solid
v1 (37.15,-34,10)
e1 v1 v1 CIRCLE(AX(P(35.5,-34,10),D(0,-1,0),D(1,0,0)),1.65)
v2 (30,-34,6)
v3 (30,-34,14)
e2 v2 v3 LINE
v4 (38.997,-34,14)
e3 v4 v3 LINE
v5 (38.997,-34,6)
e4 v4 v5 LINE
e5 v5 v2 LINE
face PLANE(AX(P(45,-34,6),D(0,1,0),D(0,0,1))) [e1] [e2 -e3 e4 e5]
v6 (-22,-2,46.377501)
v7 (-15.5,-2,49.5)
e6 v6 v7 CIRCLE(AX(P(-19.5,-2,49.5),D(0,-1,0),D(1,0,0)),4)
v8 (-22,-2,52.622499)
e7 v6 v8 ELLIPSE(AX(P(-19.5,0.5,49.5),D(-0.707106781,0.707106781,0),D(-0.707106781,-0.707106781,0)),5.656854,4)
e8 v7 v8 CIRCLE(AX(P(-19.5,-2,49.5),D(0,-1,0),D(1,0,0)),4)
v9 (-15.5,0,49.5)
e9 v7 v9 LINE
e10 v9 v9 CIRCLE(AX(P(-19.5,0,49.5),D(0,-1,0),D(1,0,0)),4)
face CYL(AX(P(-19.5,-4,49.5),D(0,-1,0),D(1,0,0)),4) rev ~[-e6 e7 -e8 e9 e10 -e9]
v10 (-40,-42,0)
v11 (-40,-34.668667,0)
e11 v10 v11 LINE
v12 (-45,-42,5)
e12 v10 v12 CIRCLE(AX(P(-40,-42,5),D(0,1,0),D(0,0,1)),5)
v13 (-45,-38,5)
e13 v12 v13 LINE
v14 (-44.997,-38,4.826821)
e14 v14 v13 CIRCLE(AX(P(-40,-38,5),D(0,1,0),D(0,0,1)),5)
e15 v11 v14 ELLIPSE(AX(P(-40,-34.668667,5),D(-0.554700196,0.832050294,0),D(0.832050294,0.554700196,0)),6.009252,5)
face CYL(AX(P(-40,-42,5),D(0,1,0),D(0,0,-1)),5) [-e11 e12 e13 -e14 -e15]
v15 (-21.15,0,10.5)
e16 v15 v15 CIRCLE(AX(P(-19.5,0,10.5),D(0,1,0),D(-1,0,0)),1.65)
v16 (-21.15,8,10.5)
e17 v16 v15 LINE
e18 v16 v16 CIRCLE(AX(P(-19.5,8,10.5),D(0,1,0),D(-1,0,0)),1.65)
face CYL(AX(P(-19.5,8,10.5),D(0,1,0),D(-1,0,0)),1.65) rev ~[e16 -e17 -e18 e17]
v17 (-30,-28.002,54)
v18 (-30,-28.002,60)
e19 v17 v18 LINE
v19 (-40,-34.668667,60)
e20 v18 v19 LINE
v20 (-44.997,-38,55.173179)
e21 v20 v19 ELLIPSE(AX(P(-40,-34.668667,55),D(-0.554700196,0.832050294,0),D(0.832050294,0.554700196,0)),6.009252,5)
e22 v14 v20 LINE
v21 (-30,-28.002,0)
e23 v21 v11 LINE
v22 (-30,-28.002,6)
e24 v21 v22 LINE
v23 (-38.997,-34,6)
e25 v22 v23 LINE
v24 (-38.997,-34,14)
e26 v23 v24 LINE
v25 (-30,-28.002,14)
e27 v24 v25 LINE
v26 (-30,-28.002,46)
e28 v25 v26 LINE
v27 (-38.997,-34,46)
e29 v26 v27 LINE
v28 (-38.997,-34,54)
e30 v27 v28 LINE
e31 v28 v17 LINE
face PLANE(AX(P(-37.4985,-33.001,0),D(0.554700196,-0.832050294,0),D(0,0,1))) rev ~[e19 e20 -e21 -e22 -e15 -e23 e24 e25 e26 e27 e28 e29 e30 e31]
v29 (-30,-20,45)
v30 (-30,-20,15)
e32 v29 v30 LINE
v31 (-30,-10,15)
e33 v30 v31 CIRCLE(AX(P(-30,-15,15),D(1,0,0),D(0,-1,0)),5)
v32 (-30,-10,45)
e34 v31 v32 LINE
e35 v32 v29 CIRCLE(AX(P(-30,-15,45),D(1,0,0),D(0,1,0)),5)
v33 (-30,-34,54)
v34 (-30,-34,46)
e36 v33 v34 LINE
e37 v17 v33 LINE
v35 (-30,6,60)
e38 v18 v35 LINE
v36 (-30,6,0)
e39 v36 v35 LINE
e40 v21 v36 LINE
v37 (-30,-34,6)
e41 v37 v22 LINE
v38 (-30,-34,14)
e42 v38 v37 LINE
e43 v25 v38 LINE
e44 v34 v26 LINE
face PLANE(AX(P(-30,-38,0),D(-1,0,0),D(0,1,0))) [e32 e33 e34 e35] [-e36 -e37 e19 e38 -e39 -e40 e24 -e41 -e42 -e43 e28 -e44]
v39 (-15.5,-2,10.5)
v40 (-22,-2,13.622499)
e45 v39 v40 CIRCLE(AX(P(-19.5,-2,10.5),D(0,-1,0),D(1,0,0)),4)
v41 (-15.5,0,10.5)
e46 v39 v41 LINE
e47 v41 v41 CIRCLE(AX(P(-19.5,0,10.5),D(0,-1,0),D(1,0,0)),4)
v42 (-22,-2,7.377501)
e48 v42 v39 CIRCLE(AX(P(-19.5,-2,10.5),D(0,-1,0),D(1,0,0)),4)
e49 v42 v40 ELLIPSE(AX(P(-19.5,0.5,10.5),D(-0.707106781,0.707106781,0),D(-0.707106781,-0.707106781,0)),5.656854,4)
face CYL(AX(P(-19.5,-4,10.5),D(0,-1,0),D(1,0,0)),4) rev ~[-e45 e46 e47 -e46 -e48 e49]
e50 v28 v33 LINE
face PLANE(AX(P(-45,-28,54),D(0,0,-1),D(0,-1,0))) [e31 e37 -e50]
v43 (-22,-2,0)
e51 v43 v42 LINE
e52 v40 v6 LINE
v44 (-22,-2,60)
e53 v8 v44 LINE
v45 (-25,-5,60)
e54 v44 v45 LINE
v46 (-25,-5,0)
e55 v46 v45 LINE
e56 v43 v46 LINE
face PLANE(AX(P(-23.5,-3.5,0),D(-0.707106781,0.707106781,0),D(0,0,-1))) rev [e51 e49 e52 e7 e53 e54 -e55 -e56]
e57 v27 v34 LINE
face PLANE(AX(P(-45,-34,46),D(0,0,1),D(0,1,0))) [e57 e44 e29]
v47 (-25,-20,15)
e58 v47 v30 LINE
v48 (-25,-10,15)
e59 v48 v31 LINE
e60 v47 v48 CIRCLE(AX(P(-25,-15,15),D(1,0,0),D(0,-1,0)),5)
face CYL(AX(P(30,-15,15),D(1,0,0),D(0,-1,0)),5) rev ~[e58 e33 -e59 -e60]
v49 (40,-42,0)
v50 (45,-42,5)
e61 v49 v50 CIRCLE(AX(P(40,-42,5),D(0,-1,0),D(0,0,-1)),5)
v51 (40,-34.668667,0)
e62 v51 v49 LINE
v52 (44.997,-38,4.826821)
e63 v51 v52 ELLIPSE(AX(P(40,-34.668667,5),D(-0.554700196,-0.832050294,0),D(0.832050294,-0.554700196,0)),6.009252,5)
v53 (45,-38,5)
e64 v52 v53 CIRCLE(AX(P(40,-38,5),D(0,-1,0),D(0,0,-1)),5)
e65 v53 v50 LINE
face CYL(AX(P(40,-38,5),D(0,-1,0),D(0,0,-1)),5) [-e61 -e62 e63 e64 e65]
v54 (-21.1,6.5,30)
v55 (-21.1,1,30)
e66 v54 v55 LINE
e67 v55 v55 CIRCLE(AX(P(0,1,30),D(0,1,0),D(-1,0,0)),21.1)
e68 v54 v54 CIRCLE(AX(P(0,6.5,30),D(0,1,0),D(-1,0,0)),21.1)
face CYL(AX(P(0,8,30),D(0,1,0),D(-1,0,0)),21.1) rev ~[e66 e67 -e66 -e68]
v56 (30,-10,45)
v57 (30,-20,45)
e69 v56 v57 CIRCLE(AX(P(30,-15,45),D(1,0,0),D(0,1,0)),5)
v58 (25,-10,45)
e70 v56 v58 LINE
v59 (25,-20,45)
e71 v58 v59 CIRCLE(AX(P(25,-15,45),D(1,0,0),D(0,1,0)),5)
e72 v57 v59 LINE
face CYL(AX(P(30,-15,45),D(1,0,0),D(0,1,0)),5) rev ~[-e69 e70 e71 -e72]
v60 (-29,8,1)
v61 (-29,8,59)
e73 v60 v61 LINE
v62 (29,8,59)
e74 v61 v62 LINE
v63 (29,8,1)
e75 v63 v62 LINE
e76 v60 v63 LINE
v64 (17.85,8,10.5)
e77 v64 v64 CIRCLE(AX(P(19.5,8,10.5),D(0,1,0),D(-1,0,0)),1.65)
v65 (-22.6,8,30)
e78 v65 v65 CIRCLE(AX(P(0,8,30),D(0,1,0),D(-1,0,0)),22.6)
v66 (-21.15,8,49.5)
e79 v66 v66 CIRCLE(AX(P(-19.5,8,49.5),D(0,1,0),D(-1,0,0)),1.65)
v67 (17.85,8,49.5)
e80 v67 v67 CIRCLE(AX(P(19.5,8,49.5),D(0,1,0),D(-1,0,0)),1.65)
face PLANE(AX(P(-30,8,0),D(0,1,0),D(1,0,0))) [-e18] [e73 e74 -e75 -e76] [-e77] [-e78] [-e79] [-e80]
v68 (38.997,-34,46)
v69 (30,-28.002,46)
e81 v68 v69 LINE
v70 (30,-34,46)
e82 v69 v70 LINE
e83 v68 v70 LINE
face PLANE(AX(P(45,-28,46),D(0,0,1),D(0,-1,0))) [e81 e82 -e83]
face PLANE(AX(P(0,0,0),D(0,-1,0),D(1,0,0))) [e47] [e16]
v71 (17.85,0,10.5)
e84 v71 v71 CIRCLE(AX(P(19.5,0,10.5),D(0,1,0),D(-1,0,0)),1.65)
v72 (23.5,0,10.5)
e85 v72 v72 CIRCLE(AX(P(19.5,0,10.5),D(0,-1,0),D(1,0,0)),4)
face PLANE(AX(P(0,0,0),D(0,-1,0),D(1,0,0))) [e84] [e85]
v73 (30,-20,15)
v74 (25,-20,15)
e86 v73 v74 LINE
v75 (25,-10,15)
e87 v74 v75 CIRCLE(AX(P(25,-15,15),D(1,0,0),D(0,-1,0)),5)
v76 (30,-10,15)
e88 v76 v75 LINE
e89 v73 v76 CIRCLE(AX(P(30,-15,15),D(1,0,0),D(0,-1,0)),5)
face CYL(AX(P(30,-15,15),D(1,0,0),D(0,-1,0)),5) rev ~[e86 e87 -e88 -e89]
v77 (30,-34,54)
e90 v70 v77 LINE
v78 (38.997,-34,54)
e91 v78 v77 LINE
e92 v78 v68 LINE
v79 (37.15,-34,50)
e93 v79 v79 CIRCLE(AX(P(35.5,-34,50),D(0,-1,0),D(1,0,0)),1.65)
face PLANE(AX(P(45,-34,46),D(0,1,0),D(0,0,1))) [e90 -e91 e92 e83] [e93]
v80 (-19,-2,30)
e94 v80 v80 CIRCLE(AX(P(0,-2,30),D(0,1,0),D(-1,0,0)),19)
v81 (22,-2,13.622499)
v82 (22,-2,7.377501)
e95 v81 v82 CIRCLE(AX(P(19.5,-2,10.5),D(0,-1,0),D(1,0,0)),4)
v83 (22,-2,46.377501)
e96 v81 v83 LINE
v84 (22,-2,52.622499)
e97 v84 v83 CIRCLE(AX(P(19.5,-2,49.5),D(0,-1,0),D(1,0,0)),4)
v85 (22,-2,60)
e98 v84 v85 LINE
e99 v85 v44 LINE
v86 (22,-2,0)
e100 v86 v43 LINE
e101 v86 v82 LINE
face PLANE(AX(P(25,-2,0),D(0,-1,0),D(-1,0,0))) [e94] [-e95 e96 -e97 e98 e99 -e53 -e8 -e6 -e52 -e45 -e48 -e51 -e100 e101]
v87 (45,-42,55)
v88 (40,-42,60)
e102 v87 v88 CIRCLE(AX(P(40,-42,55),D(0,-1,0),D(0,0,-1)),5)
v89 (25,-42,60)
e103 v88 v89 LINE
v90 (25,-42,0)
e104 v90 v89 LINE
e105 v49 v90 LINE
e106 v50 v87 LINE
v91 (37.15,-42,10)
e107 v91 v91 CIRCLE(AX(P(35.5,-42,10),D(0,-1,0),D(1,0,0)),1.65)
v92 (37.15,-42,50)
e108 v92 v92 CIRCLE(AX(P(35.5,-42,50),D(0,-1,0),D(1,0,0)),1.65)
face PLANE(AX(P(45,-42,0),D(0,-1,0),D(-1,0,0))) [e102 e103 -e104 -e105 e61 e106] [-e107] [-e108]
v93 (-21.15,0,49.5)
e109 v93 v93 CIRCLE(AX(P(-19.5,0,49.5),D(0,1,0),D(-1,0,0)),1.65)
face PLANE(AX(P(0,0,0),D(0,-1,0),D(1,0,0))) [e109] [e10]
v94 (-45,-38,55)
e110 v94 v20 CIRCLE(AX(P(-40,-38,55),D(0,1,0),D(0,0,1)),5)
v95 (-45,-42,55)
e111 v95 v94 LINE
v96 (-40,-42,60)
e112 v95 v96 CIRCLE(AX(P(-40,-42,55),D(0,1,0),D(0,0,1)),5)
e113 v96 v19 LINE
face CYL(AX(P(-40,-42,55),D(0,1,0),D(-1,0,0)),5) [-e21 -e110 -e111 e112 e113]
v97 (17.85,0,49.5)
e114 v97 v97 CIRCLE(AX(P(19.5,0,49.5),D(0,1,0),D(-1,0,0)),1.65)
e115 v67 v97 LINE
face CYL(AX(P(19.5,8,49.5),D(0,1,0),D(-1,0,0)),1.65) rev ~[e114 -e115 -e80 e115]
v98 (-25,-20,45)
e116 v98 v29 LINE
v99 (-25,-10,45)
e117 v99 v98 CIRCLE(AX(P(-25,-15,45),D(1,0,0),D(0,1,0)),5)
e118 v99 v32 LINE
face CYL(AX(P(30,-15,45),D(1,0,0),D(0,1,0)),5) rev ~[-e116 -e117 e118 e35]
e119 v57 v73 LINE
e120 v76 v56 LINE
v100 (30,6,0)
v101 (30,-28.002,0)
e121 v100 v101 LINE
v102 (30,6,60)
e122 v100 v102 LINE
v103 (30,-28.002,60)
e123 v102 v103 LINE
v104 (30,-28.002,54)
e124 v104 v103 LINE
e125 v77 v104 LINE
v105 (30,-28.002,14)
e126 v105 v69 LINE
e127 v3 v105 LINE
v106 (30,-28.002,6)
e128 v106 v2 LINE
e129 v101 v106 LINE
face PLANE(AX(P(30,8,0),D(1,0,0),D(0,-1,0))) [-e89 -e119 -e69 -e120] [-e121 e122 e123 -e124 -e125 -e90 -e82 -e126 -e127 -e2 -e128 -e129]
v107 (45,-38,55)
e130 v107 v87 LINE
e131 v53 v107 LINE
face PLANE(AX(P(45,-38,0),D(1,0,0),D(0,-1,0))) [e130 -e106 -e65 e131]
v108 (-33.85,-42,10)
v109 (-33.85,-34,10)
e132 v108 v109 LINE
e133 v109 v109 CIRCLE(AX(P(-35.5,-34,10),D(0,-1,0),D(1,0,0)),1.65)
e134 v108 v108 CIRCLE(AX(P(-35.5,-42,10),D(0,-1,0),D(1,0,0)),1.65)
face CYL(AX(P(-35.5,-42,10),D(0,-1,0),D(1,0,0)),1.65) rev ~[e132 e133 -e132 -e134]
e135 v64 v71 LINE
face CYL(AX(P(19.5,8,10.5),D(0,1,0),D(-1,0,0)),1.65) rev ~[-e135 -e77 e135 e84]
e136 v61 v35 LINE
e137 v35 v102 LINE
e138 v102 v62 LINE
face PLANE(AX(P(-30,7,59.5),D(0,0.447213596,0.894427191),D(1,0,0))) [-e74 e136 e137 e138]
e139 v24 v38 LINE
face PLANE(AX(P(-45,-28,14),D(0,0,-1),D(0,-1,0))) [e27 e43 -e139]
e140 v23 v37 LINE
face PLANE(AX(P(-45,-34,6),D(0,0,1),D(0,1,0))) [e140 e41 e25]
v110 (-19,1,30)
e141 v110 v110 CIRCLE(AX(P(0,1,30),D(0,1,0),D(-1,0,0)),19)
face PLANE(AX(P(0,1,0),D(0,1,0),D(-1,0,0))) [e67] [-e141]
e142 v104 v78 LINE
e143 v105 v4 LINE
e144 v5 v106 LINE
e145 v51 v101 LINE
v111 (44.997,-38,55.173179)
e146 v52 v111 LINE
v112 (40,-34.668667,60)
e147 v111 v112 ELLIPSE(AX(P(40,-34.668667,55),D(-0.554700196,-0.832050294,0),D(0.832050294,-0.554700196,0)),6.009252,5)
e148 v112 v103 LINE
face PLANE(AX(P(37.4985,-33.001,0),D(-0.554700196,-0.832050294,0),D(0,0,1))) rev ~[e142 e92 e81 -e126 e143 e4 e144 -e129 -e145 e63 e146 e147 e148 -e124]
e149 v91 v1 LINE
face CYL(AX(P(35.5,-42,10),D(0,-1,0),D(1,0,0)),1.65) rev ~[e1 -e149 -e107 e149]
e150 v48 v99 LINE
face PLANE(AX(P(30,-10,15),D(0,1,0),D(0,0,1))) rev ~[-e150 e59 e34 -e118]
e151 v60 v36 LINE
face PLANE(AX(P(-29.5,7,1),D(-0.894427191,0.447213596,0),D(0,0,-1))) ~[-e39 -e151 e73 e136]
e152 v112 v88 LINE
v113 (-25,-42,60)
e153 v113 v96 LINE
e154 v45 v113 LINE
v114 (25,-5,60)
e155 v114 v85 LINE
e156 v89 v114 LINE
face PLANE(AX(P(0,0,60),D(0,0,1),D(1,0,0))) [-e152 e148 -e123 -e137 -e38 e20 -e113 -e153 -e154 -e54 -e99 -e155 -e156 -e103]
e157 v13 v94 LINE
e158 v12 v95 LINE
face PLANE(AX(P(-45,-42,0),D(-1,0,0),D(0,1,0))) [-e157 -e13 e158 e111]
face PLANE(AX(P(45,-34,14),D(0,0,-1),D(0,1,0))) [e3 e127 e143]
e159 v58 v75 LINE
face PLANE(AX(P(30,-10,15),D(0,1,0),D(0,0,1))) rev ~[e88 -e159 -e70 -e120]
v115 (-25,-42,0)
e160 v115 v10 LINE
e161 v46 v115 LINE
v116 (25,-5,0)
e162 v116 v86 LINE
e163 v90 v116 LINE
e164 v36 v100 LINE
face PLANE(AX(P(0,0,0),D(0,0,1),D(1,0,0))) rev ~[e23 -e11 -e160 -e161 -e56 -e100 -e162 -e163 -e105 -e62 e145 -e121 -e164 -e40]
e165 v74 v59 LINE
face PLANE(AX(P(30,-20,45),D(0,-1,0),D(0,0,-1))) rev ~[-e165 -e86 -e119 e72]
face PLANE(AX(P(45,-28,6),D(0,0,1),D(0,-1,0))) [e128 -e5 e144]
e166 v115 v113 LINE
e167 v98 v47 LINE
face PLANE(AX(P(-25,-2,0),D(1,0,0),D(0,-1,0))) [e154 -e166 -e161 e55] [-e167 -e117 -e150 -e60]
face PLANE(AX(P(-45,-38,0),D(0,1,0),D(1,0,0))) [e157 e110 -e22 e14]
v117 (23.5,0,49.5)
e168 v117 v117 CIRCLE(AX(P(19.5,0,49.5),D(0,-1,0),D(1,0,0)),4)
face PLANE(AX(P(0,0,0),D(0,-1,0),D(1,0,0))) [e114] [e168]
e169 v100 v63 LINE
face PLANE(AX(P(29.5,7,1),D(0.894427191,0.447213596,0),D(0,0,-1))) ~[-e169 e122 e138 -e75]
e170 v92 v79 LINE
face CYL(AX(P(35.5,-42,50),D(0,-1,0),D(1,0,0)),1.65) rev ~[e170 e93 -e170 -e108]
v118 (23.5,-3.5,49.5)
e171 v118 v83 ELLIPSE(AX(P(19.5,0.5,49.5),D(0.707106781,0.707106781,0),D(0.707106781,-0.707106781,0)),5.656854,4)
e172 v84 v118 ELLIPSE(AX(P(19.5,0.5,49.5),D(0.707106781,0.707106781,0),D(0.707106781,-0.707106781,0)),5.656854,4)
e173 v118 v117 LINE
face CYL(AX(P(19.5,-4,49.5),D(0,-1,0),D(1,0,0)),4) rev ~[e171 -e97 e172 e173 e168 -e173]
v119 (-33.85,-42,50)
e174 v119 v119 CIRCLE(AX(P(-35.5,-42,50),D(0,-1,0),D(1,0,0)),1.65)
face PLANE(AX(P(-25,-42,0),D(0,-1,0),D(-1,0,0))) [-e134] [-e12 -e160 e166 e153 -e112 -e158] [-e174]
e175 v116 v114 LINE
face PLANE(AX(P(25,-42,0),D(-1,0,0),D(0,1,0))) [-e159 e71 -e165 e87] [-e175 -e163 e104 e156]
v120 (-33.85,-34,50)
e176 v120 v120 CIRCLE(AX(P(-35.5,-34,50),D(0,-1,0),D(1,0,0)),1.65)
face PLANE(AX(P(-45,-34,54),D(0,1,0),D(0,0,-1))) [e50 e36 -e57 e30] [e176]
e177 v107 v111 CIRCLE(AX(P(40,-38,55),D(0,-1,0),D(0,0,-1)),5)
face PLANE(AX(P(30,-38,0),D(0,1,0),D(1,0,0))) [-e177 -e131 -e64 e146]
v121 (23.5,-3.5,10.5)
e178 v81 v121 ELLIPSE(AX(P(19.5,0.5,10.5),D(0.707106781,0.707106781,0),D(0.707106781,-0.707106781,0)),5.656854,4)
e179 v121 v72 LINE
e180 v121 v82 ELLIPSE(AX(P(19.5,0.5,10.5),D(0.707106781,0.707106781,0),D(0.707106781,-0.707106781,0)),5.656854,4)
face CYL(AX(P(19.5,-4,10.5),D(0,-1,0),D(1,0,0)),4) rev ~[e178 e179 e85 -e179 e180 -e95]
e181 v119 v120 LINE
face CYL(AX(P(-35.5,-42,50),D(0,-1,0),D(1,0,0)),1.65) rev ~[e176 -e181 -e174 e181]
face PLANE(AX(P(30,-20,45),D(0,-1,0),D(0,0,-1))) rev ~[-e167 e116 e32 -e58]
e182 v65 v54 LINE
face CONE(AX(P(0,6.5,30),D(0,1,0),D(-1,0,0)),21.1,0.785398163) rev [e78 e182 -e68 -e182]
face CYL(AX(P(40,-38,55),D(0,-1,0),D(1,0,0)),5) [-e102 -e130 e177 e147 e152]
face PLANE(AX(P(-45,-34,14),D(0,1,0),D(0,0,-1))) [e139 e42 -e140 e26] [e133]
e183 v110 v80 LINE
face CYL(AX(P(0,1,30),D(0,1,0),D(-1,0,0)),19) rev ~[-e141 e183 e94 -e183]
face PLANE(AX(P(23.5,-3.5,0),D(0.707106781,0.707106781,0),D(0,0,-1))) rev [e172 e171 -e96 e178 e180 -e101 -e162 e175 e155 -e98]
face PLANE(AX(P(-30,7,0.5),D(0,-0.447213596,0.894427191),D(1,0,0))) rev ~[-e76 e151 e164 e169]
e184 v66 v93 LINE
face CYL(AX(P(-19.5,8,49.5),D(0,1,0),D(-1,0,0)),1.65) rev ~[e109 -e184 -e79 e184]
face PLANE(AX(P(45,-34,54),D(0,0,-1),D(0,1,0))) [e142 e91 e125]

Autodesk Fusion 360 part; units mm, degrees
sketch "Sketch1" plane through (0, 0, 0) normal (0, 0, 1) x (1, 0, 0)
  line L0 (-45, -42) -> (-45, -38)
  line L1 (-45, -38) -> (-30, -38)
  line L2 (-30, -38) -> (-30, 8)
  line L3 (-30, 8) -> (30, 8)
  line L4 (30, 8) -> (30, -38)
  line L5 (30, -38) -> (45, -38)
  line L6 (45, -38) -> (45, -42)
  line L7 (45, -42) -> (25, -42)
  line L8 (25, -42) -> (25, -2)
  line L9 (25, -2) -> (-25, -2)
  line L10 (-25, -2) -> (-25, -42)
  line L11 (-25, -42) -> (-45, -42)
  dimension "d1" = 60
  dimension "d2" = 30
  dimension "d3" = 4
  dimension "d4" = 4
  dimension "d5" = 5
  dimension "d6" = 5
  dimension "d7" = 10
  dimension "d8" = 15
  dimension "d9" = 15
  dimension "d24" = 46
  dimension "d25" = 46
extrude "Extrude1" add sketch "Sketch1" along normal blind 60
sketch "Sketch2" plane through (0, 8, 0) normal (0, 1, 0) x (-1, 0, 0)
  line L0 (-30, 0) -> (30, 0)
  line L1 (30, 0) -> (30, 60)
  line L2 (30, 60) -> (-30, 60)
  line L3 (-30, 60) -> (-30, 0)
  circle A0 centre (0, 30) radius 21.1
  dimension "d14" = 42.2
  dimension "d15" = 30
  dimension "d16" = 30
extrude "Extrude2" cut sketch "Sketch2" against normal blind 7 contours A0
sketch "Sketch3" plane through (0, 1, 0) normal (0, 1, 0) x (-1, 0, 0)
  circle A0 centre (0, 30) radius 21.1
  circle A1 centre (0, 30) radius 19
  dimension "d20" = 38
extrude "Extrude3" cut sketch "Sketch3" against normal up to surface (3 mm away) contours A1
chamfer "Chamfer1" distance 10 distance2 15 1 edges at (-30, -38, 30) measured on face at (-30, -22.6667, 40)
chamfer "Chamfer2" distance 15 distance2 10 1 edges at (30, -38, 30) measured on face at (35, -38, 20)
chamfer "Chamfer3" distance 1.5 angle 45 1 edges at (19.6721, 8, 37.6301)
chamfer "Chamfer4" distance 2 distance2 1 2 edges at (0, 8, 0) (0, 8, 60) measured on face at (33.3323, -36.0007, 0) measured on face at (33.3323, -36.0007, 60)
chamfer "Chamfer5" distance 2 distance2 1 1 edges at (30, 8, 30) measured on face at (30, -5.334, 40)
chamfer "Chamfer6" distance 1 distance2 2 1 edges at (-30, 8, 30) measured on face at (-27.5333, 8, 30)
chamfer "Chamfer7" distance 3 angle 45 2 edges at (25, -2, 30) (-25, -2, 30)
sketch "Sketch4" plane through (0, 8, 0) normal (0, 1, 0) x (-1, 0, 0)
  circle A0 centre (0, 30) radius 22.6
  line L0 (29, 1) -> (29, 59)
  line L1 (29, 59) -> (-29, 59)
  line L2 (-29, 59) -> (-29, 1)
  line L3 (-29, 1) -> (29, 1)
  circle A1 centre (-19.5, 10.5) radius 1.65
  circle A2 centre (19.5, 10.5) radius 1.65
  circle A3 centre (19.5, 49.5) radius 1.65
  circle A4 centre (-19.5, 49.5) radius 1.65
  dimension "d40" = 3.3
  dimension "d41" = 19.5
  dimension "d42" = 19.5
  dimension "d44" = 360
extrude "Extrude4" cut sketch "Sketch4" against normal blind 15 contours A1 | A2 | A3 | A4
sketch "Sketch5" plane through (0, -2, 0) normal (0, -1, 0) x (1, 0, 0)
  circle A0 centre (-19.5, 10.5) radius 1.65
  circle A1 centre (-19.5, 49.5) radius 1.65
  circle A2 centre (19.5, 10.5) radius 1.65
  circle A3 centre (19.5, 49.5) radius 1.65
  circle A4 centre (0, 30) radius 19
  line L0 (-22, 60) -> (-22, 0)
  line L1 (-22, 0) -> (22, 0)
  line L2 (22, 0) -> (22, 60)
  line L3 (22, 60) -> (-22, 60)
  circle A5 centre (19.5, 49.5) radius 4
  circle A6 centre (-19.5, 49.5) radius 4
  circle A7 centre (-19.5, 10.5) radius 4
  circle A8 centre (19.5, 10.5) radius 4
  dimension "d47" = 8
  dimension "d49" = 360
extrude "Extrude5" cut sketch "Sketch5" along normal blind -2 and the other way blind -2 contours L0 A6 | L0 A6 | L2 A5 | L2 A5 | L0 A7 | L0 A7 | L2 A8 | L2 A8
sketch "Sketch6" plane through (0, -42, 0) normal (0, -1, 0) x (1, 0, 0)
  line L0 (25, 0) -> (45, 0)
  line L1 (45, 0) -> (45, 60)
  line L2 (45, 60) -> (25, 60)
  line L3 (25, 60) -> (25, 0)
  circle A0 centre (35.5, 50) radius 1.65
  circle A1 centre (35.5, 10) radius 1.65
  circle A2 centre (-35.5, 10) radius 1.65
  circle A3 centre (-35.5, 50) radius 1.65
  arc A4 (-22, 46.3775) -> (-22, 52.6225) centre (-19.5, 49.5) ccw
  arc A5 (22, 52.6225) -> (22, 46.3775) centre (19.5, 49.5) ccw
  arc A6 (22, 13.6225) -> (22, 7.3775) centre (19.5, 10.5) ccw
  arc A7 (-22, 7.3775) -> (-22, 13.6225) centre (-19.5, 10.5) ccw
  dimension "d54" = 3.3
  dimension "d55" = 10
  dimension "d57" = 3.3
  dimension "d59" = 10
  dimension "d60" = 3.3
  dimension "d61" = 10
  dimension "d63" = 3.3
  dimension "d64" = 10
  dimension "d66" = 16
  dimension "d67" = 16
  dimension "d68" = 16
  dimension "d69" = 16
extrude "Extrude6" cut sketch "Sketch6" against normal blind 25 contours A0 | A1 | A2 | A3
sketch "Sketch7" plane through (45, 0, 0) normal (1, 0, 0) x (0, 0, -1)
  line L0 (0, -42) -> (0, -38)
  line L1 (0, -38) -> (-60, -38)
  line L2 (-60, -38) -> (-60, -42)
  line L3 (-60, -42) -> (0, -42)
  line L4 (-54, -28) -> (-46, -28)
  line L5 (-46, -28) -> (-46, -34)
  line L6 (-46, -34) -> (-54, -34)
  line L7 (-54, -34) -> (-54, -28)
  line L8 (-14, -28) -> (-6, -28)
  line L9 (-6, -28) -> (-6, -34)
  line L10 (-6, -34) -> (-14, -34)
  line L11 (-14, -34) -> (-14, -28)
  dimension "d72" = 8
  dimension "d73" = 6
  dimension "d74" = 8
  dimension "d75" = 8
  dimension "d76" = 8
  dimension "d77" = 6
extrude "Extrude7" cut sketch "Sketch7" against normal blind 15 contours L4 L5 L6 L7 | L8 L9 L10 L11
sketch "Sketch8" plane through (-45, 0, 0) normal (-1, 0, 0) x (0, 0, 1)
  line L0 (0, -38) -> (0, -42)
  line L1 (0, -42) -> (60, -42)
  line L2 (60, -42) -> (60, -38)
  line L3 (60, -38) -> (0, -38)
  line L4 (6, -28) -> (14, -28)
  line L5 (14, -28) -> (14, -34)
  line L6 (14, -34) -> (6, -34)
  line L7 (6, -34) -> (6, -28)
  line L8 (46, -28) -> (54, -28)
  line L9 (54, -28) -> (54, -34)
  line L10 (54, -34) -> (46, -34)
  line L11 (46, -34) -> (46, -28)
  dimension "d80" = 8
  dimension "d81" = 8
  dimension "d82" = 6
  dimension "d83" = 8
  dimension "d84" = 8
  dimension "d85" = 6
extrude "Extrude8" cut sketch "Sketch8" against normal blind 15 contours L4 L5 L6 L7 | L8 L9 L10 L11
fillet "Fillet1" radius 5 4 edges at (-45, -40, 0) (45, -40, 0) (45, -40, 60) (-45, -40, 60)
sketch "Sketch9" plane through (30, 0, 0) normal (1, 0, 0) x (0, 0, -1)
  line L0 (0, 6) -> (-60, 6)
  line L1 (-60, 6) -> (-60, -28)
  line L2 (-60, -28) -> (-54, -28)
  line L3 (-54, -28) -> (-54, -34)
  line L4 (-54, -34) -> (-46, -34)
  line L5 (-46, -34) -> (-46, -28)
  line L6 (-46, -28) -> (-14, -28)
  line L7 (-14, -28) -> (-14, -34)
  line L8 (-14, -34) -> (-6, -34)
  line L9 (-6, -34) -> (-6, -28)
  line L10 (-6, -28) -> (0, -28)
  line L11 (0, -28) -> (0, 6)
  line L12 (-45, -20) -> (-15, -20)
  arc A0 (-15, -20) -> (-15, -10) centre (-15, -15) ccw
  line L13 (-15, -10) -> (-45, -10)
  arc A1 (-45, -10) -> (-45, -20) centre (-45, -15) ccw
  line L14 (-45, -15) -> (-15, -15) construction
  dimension "d89" = 30
  dimension "d90" = 15
  dimension "d91" = 15
extrude "Extrude9" cut sketch "Sketch9" against normal up to surface (60 mm away) contours L12 A0 L13 A1
equation "d1 = main"
equation "d2 = d1 / 2"
equation "d3 = leg_thickness"
equation "d4 = leg_thickness"
equation "d6 = d5"
equation "d8 = leg"
equation "d9 = leg"
equation "main = 60 mm"
equation "d11 = main"
equation "bearing_od = 42.2 mm"
equation "d14 = bearing_od"
equation "d15 = main / 2"
equation "d16 = main / 2"
equation "bearing_thickness = 7 mm"
equation "d18 = -bearing_thickness"
equation "height = 46 mm"
equation "d24 = height"
equation "d25 = height"
equation "leg = 15 mm"
equation "d28 = leg"
equation "d29 = leg"
equation "leg_thickness = 4 mm"
equation "d41 = d42"
equation "d57 = d54"
equation "d59 = d55"
equation "d60 = d54"
equation "d61 = d55"
equation "d63 = d54"
equation "d64 = d55"
equation "d66 = d67"
equation "d68 = d67"
equation "d69 = d67"
equation "d75 = d72"
equation "d76 = d74"
equation "d77 = d73"
